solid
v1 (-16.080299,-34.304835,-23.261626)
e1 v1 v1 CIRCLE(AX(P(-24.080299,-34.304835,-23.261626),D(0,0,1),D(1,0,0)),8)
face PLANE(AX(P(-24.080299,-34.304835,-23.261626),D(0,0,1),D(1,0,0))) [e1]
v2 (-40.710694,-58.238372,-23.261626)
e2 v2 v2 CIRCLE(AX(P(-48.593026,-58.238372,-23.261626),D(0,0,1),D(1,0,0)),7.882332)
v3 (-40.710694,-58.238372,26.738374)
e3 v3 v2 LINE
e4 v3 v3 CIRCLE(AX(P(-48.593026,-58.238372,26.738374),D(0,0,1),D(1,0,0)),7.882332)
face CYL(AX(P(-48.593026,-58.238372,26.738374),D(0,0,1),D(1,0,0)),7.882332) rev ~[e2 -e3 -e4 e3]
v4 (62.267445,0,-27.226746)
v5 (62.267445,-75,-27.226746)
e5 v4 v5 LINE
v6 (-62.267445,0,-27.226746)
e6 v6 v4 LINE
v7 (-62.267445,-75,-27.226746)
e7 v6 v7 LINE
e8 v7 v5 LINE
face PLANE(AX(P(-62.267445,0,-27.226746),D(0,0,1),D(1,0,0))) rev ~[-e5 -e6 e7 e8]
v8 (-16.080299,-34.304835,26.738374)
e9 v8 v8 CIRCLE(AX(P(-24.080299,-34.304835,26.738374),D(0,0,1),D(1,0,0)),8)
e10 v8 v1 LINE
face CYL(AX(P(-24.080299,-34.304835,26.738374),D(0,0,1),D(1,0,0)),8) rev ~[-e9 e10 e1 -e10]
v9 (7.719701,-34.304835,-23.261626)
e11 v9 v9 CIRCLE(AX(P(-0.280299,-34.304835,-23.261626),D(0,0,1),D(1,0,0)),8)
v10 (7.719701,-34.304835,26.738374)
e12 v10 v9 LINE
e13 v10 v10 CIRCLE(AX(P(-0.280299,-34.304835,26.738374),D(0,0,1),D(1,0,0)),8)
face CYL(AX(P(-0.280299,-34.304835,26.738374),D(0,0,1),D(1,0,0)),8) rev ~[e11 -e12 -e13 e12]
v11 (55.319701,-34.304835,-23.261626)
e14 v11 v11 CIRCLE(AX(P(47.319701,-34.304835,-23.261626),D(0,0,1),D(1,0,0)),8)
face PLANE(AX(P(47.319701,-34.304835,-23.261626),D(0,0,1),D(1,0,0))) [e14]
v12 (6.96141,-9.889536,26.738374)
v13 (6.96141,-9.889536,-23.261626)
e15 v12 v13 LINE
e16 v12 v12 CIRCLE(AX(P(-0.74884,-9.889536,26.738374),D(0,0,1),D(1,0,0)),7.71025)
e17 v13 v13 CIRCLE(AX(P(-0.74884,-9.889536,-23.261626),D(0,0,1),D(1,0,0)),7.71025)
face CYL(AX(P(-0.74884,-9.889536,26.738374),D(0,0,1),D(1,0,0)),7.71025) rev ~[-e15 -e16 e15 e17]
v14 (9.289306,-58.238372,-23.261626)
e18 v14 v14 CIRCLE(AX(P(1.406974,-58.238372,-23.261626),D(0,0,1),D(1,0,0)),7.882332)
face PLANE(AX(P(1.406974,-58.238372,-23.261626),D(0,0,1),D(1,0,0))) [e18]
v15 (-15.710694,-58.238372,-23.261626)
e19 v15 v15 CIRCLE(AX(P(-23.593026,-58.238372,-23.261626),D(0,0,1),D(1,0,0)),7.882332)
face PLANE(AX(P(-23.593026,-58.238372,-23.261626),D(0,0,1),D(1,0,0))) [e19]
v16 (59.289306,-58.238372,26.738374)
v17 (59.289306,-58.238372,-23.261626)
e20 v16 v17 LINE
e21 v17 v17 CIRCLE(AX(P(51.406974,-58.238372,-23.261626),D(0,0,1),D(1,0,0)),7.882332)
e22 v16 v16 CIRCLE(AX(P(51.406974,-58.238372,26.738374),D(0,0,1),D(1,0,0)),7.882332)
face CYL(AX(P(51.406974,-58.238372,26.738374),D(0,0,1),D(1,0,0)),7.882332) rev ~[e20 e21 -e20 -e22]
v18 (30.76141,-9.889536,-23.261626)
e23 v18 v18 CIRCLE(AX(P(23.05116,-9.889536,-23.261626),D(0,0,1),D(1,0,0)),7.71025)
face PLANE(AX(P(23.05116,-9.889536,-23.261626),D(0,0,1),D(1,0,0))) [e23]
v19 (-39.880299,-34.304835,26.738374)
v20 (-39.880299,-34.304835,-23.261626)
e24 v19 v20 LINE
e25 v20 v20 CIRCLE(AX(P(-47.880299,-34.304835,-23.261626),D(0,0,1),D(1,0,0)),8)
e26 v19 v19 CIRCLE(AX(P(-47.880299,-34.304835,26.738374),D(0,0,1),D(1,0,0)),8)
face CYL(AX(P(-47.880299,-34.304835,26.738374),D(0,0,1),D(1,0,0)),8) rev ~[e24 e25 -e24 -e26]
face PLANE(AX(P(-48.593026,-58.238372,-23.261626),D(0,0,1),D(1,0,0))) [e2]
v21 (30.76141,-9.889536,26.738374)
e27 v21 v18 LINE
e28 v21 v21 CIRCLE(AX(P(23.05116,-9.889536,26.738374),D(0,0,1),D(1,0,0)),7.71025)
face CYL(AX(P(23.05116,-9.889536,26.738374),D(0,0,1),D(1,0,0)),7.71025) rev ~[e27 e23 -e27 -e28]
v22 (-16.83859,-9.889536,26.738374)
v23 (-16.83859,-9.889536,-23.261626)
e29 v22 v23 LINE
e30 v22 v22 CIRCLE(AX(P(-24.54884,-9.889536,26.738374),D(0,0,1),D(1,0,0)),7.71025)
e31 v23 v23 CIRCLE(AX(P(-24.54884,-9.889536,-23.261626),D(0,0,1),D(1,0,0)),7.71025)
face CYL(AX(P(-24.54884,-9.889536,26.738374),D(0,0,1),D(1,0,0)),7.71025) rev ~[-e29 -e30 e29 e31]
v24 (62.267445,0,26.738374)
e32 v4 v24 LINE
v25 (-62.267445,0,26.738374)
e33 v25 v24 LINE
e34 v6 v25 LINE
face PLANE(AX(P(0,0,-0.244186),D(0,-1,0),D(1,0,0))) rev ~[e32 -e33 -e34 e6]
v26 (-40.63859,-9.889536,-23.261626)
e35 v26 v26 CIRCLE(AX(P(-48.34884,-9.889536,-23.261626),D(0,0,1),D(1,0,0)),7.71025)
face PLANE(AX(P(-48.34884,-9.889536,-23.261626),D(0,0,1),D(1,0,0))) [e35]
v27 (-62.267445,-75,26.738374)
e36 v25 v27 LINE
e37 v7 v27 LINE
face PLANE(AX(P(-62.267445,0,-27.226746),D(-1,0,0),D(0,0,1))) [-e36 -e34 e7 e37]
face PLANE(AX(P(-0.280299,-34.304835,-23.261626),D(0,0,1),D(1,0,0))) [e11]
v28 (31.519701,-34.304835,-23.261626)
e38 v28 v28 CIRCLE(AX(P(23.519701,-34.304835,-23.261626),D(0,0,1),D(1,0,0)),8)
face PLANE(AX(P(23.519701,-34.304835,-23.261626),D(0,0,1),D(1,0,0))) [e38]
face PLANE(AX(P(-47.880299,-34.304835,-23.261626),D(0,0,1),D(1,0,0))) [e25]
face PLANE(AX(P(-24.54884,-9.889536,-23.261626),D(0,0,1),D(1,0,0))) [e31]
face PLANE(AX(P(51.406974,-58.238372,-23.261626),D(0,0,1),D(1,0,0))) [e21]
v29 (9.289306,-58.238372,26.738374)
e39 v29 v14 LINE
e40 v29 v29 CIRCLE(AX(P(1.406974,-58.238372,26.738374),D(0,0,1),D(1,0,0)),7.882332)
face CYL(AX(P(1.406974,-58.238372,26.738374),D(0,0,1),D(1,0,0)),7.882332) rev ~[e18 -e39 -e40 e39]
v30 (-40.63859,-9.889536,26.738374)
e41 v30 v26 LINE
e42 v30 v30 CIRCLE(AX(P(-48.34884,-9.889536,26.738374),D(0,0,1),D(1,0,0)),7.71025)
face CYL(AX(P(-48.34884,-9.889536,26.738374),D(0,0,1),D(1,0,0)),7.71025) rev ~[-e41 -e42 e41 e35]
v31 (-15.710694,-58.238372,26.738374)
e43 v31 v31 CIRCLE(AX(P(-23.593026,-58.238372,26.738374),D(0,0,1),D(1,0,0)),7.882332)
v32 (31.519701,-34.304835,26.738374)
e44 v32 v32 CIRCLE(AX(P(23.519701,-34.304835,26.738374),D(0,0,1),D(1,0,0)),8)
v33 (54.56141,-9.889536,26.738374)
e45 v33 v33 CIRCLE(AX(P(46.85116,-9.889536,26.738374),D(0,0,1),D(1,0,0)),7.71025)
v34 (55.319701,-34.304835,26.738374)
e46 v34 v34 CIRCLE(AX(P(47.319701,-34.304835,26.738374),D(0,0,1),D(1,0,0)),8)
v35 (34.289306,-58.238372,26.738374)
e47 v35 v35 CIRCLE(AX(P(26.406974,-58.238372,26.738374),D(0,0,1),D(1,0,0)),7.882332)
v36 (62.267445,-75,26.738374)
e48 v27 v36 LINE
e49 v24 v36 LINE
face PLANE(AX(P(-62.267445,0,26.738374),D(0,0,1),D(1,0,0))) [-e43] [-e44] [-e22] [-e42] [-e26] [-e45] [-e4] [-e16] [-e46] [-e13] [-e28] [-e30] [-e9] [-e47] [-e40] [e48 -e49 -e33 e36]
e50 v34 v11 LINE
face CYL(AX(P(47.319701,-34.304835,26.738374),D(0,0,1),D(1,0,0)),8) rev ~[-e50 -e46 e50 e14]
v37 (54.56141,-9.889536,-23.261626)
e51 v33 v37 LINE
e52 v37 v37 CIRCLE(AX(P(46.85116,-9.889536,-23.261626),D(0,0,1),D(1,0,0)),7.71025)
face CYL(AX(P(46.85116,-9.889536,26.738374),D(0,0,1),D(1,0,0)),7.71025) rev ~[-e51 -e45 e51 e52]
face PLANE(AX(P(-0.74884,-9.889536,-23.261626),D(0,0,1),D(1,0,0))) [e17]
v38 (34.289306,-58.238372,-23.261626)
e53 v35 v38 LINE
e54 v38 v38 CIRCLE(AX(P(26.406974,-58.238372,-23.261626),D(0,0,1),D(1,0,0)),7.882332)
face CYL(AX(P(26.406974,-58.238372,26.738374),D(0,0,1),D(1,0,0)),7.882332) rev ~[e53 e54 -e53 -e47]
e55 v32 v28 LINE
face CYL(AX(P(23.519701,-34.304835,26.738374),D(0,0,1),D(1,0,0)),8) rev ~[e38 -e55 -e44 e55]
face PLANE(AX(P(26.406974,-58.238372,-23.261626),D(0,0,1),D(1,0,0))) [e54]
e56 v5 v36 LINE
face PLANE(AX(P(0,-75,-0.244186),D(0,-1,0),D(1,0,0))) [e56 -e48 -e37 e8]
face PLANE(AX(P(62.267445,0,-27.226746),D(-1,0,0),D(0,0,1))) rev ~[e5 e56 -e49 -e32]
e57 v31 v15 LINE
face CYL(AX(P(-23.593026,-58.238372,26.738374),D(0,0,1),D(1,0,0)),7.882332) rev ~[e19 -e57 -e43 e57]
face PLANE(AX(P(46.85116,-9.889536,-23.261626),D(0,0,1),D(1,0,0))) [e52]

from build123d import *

# Parameters (mm, degrees)
F0_W     = 124.53489
F0_H     = 53.96512
F1_DEPTH = 75
F4_R     = 7.882332
F3_R     = 8
F2_R     = 7.71025
F5_DEPTH = 50


with BuildPart() as f1:
    # F0 (on Front) → F1 (new body)
    with BuildSketch(Plane.XZ):
        with Locations((0, -0.244186)):
            Rectangle(F0_W, F0_H)
    extrude(amount=F1_DEPTH)

    # F4 (on face) + F3 (on face) + F2 (on face) → F5 (cut)
    with BuildSketch(Plane.XY.offset(26.738374)):
        with Locations((-48.593026, -58.238372)):
            Circle(F4_R)
        with Locations((-23.593026, -58.238372)):
            Circle(F4_R)
        with Locations((1.406974, -58.238372)):
            Circle(F4_R)
        with Locations((26.406974, -58.238372)):
            Circle(F4_R)
        with Locations((51.406974, -58.238372)):
            Circle(F4_R)
    with BuildSketch(Plane.XY.offset(26.738374)):
        with Locations((-47.880299, -34.304835)):
            Circle(F3_R)
        with Locations((-24.080299, -34.304835)):
            Circle(F3_R)
        with Locations((-0.280299, -34.304835)):
            Circle(F3_R)
        with Locations((23.519701, -34.304835)):
            Circle(F3_R)
        with Locations((47.319701, -34.304835)):
            Circle(F3_R)
    with BuildSketch(Plane.XY.offset(26.738374)):
        with Locations((-48.34884, -9.889536)):
            Circle(F2_R)
        with Locations((-24.54884, -9.889536)):
            Circle(F2_R)
        with Locations((-0.74884, -9.889536)):
            Circle(F2_R)
        with Locations((23.05116, -9.889536)):
            Circle(F2_R)
        with Locations((46.85116, -9.889536)):
            Circle(F2_R)
    extrude(amount=-F5_DEPTH, mode=Mode.SUBTRACT)


solid = f1.part
